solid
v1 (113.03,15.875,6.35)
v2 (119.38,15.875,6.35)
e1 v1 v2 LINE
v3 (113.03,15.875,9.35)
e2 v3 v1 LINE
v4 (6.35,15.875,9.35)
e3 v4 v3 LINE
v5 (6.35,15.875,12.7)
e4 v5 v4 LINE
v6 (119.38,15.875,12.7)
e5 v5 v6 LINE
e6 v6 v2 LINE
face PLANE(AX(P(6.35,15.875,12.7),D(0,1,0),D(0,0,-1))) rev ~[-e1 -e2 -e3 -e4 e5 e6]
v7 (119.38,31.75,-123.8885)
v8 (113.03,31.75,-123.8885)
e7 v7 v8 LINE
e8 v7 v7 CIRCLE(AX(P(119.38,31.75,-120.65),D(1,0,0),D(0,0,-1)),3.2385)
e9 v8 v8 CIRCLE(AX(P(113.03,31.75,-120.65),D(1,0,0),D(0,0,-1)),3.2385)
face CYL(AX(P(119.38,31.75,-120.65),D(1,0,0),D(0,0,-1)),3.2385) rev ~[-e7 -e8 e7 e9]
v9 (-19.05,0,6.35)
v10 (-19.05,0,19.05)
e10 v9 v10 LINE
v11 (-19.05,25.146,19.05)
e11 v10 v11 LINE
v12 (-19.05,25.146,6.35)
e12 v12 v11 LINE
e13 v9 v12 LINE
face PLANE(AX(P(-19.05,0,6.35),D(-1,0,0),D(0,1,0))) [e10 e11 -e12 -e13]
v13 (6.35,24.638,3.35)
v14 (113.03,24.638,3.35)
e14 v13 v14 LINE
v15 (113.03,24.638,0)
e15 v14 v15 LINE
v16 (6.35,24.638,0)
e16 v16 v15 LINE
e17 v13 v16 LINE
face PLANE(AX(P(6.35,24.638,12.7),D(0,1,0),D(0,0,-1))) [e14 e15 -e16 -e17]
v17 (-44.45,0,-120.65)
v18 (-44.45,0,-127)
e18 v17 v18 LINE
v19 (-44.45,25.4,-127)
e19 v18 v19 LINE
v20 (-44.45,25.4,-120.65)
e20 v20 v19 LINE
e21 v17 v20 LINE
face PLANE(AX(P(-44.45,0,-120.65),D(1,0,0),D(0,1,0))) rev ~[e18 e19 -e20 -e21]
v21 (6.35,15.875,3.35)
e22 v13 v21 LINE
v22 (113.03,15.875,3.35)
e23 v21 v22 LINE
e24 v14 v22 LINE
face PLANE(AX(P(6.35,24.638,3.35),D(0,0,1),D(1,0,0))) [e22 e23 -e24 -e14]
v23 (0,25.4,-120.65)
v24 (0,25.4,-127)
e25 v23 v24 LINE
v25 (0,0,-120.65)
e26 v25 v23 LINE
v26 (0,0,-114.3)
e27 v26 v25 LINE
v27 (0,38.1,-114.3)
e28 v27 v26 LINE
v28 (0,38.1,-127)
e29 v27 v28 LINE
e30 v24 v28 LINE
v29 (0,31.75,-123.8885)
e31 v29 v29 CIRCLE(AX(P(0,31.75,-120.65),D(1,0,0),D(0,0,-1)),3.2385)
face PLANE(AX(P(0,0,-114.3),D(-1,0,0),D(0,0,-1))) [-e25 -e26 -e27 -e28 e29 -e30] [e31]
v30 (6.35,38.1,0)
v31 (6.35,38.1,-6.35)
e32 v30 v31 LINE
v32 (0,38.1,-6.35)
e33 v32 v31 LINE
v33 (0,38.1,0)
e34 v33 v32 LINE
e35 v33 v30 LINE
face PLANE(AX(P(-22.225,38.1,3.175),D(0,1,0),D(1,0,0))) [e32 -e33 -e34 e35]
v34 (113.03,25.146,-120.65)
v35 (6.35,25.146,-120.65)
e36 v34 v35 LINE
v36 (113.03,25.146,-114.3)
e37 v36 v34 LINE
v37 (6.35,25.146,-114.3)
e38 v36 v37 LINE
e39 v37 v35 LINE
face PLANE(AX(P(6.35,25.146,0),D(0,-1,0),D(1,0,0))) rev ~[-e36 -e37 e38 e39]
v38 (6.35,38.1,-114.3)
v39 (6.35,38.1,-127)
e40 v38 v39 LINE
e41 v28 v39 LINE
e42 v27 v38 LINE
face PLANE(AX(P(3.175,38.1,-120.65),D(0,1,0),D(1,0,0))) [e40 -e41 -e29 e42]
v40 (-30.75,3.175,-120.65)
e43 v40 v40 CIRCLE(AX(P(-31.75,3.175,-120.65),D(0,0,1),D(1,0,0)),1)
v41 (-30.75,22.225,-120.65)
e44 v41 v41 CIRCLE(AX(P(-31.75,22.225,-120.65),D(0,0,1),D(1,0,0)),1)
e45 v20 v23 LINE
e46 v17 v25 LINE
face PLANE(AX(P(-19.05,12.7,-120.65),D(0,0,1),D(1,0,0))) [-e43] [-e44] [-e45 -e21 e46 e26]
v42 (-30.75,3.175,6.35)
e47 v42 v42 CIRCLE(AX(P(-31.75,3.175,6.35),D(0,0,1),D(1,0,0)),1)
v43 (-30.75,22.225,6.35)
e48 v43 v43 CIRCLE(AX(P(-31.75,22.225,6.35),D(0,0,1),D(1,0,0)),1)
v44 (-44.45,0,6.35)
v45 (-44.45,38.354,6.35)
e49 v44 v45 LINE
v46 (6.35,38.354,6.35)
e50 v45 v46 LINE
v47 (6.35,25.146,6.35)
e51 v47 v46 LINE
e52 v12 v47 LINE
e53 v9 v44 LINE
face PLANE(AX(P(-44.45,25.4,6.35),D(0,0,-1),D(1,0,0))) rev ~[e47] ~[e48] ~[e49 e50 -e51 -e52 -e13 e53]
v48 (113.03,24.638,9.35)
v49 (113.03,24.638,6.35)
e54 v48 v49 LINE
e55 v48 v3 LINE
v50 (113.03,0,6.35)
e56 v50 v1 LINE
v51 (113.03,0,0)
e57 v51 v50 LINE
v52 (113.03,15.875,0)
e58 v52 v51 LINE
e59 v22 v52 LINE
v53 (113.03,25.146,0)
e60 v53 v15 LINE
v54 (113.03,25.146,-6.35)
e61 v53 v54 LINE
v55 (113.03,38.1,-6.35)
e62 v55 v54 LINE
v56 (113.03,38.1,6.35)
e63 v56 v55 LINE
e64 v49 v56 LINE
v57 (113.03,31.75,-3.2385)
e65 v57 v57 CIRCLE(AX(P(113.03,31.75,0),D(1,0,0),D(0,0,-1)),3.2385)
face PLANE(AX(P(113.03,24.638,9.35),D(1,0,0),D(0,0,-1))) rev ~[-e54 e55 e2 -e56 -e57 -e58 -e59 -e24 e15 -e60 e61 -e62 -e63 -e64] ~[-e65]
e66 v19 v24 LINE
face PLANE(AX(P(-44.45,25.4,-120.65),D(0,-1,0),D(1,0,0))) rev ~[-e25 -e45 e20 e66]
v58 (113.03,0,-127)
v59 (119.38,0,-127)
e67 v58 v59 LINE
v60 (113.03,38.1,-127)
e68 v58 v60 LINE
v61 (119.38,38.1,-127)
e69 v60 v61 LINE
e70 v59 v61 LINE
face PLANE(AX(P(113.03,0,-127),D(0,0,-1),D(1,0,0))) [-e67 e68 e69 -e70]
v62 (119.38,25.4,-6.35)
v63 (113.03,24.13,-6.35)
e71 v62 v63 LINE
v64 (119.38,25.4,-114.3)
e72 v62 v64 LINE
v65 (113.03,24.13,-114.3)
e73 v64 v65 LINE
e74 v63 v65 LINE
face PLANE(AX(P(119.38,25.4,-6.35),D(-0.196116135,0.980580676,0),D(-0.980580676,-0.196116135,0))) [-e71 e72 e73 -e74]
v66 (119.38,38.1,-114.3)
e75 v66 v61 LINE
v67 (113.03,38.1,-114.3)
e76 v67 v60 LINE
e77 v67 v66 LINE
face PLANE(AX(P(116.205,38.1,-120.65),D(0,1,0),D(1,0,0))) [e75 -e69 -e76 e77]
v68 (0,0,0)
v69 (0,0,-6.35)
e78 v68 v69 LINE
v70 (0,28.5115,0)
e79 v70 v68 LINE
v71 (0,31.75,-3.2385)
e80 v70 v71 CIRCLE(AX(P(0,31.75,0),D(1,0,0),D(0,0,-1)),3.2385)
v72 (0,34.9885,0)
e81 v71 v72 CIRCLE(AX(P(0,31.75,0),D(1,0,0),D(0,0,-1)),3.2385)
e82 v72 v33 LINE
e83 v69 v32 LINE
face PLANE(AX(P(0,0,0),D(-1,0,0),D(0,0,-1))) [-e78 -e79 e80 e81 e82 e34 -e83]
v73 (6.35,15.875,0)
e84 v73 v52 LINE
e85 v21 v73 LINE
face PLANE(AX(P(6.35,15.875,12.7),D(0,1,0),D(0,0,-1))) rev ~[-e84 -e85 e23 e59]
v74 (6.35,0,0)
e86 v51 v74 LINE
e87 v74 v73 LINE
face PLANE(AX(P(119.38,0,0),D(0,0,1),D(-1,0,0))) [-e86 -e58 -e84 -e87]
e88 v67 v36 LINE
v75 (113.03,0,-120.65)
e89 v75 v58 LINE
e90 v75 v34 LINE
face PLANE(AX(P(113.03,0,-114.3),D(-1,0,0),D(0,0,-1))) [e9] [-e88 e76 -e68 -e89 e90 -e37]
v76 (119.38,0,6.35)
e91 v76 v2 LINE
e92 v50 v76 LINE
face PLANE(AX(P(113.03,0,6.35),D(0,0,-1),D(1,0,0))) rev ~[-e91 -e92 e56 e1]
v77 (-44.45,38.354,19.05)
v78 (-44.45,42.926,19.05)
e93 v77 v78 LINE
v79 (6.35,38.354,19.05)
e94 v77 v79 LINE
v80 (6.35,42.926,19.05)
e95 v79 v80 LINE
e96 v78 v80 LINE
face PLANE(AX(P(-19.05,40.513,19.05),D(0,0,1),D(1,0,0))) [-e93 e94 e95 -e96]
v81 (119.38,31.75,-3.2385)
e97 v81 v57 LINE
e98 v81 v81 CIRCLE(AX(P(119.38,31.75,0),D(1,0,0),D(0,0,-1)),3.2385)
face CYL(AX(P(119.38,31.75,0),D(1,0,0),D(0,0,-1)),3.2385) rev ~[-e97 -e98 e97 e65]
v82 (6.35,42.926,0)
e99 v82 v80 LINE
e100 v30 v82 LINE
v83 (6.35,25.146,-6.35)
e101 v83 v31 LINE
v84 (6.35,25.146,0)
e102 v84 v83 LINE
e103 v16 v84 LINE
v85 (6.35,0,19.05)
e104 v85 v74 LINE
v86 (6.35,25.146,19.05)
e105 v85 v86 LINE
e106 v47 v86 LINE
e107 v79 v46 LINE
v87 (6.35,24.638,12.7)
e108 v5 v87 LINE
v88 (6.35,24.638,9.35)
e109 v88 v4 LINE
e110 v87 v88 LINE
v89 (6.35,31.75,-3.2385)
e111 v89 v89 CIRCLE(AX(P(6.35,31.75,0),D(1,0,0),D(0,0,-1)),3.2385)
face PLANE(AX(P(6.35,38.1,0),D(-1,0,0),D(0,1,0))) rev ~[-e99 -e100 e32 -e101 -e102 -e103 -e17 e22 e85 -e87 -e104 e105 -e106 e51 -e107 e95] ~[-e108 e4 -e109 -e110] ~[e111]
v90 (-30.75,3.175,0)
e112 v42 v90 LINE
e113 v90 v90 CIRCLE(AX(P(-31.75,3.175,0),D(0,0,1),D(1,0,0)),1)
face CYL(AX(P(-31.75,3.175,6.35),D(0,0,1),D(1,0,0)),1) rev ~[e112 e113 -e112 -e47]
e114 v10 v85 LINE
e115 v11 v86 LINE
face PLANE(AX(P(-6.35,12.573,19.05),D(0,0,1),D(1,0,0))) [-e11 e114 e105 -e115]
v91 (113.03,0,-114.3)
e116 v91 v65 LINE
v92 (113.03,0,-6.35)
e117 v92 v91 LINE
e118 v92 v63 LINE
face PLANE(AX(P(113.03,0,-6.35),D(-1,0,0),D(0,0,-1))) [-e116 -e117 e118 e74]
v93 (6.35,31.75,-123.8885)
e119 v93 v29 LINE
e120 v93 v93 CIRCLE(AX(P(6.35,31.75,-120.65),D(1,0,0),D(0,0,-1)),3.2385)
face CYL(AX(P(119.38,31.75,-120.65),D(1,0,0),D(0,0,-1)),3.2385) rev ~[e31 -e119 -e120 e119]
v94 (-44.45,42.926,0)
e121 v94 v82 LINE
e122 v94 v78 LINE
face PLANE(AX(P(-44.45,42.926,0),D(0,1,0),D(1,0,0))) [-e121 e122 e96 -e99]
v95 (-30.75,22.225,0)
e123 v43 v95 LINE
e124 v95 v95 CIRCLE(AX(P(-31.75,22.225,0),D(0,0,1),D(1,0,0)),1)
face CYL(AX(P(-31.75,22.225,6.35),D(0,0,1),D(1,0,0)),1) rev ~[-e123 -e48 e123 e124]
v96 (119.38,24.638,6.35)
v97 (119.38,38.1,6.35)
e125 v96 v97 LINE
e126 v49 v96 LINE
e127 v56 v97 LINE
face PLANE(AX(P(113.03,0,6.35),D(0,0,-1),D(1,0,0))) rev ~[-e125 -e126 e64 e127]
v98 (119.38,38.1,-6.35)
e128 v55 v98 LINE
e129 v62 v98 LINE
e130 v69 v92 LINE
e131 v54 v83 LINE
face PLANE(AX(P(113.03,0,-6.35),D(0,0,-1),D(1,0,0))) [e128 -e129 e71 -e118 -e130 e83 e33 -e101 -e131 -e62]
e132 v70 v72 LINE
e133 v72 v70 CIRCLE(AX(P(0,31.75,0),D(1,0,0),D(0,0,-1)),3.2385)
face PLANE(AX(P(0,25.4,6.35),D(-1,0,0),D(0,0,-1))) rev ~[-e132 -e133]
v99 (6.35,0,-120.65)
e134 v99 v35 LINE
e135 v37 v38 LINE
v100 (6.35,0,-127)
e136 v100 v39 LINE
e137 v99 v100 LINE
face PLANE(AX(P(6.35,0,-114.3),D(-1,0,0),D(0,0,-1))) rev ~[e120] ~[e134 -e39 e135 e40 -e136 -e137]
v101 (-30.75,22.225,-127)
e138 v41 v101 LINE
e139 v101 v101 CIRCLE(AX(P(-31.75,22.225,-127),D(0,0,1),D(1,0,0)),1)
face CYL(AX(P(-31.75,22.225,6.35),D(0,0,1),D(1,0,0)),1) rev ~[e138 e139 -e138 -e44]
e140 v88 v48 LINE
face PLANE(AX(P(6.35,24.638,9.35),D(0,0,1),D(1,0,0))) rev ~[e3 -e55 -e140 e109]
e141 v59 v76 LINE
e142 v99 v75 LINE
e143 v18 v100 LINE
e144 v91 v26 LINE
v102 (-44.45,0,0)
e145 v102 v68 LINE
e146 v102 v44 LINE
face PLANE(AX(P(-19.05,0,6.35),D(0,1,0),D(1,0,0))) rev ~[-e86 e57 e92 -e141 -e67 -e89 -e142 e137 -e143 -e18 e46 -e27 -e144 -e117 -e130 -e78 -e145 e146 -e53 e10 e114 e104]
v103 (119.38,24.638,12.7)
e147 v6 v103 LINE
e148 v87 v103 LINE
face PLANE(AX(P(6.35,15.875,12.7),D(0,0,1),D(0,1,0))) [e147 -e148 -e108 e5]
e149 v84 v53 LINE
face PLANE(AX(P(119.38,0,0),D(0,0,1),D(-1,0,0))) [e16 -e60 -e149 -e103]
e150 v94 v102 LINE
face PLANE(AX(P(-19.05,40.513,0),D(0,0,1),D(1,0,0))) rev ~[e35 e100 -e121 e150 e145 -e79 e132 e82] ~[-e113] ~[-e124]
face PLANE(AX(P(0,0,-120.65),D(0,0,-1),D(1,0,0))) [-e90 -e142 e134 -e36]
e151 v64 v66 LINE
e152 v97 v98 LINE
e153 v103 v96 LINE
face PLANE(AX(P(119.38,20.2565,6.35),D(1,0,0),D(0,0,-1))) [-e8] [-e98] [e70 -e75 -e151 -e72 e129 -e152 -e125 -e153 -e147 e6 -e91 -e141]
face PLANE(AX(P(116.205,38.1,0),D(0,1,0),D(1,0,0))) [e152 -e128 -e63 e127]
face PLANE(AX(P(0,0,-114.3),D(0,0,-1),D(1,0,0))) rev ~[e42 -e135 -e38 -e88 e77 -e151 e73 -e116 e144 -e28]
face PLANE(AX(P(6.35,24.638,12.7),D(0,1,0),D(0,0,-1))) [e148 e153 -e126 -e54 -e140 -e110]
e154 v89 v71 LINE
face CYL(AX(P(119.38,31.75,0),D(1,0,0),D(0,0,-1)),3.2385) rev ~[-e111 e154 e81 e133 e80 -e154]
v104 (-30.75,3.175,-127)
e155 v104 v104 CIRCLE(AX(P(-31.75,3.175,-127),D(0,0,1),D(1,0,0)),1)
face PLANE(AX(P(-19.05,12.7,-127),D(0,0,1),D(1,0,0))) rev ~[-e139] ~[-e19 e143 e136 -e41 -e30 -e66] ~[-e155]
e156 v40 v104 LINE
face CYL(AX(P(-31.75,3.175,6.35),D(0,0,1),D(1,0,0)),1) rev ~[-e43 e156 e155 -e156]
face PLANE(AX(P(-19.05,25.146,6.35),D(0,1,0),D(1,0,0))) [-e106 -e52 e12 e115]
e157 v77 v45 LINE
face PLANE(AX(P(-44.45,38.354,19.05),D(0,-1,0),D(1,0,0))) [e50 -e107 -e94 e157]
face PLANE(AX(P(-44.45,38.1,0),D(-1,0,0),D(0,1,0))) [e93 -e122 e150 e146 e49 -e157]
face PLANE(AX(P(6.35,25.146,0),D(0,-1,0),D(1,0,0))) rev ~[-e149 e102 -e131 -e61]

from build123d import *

# Parameters (mm, degrees)
BOSS_EXTRUDE1_DEPTH     = 25.4
CUT_EXTRUDE1_START      = -6.35
CUT_EXTRUDE1_DEPTH      = 107.95
SKETCH3_W               = 50.8
SKETCH3_H               = 25.4
BOSS_EXTRUDE2_DEPTH     = 6.35
BOSS_EXTRUDE3_START     = -120.65
SKETCH3_2_W             = 50.8
SKETCH3_2_H             = 25.4
BOSS_EXTRUDE3_DEPTH     = 6.35
BOSS_EXTRUDE4_START     = -25.4
SKETCH8_W               = 6.35
SKETCH8_H               = 12.7
BOSS_EXTRUDE4_DEPTH     = 38.1
SKETCH9_R               = 3.2385
CUT_EXTRUDE2_DEPTH      = 1
CUT_EXTRUDE2_DEPTH_BACK = 164.83
SKETCH10_R              = 1.000000032
CUT_EXTRUDE3_DEPTH      = 134.35
SKETCH11_W              = 25.4
SKETCH11_H              = 25.146
BOSS_EXTRUDE5_DEPTH     = 12.7
SKETCH13_W              = 44.45
SKETCH13_H              = 6.35
BOSS_EXTRUDE6_DEPTH     = 12.7
BOSS_EXTRUDE7_START     = -6.35
SKETCH15_W              = 50.8
SKETCH15_H              = 4.826
BOSS_EXTRUDE7_DEPTH     = 19.05
SKETCH17_W              = 50.8
SKETCH17_H              = 0.254
CUT_EXTRUDE4_DEPTH      = 12.7
SKETCH19_W              = 12.7
SKETCH19_H              = 8.763
BOSS_EXTRUDE8_DEPTH     = 113.03
SKETCH20_W              = 106.68
SKETCH20_H              = 0.254
CUT_EXTRUDE5_DEPTH      = 128
SKETCH22_W              = 106.68
SKETCH22_H              = 5.999999938
CUT_EXTRUDE6_DEPTH      = 25.638


with BuildPart() as part:
    # Sketch1 → Boss-Extrude1 (new body)
    with BuildSketch(Plane(origin=(0, 0, 0), x_dir=(1, 0, 0), z_dir=(0, 1, 0))):
        Polygon((3.175, 114.3), (0, 114.3), (0, 120.65), (119.38, 120.65), (119.38, 0), (0, 0), (0, 6.35), (3.175, 6.35), (113.03, 6.35), (113.03, 114.3), align=None)
    extrude(amount=BOSS_EXTRUDE1_DEPTH)

    # Sketch2 → Cut-Extrude1 (cut)
    with BuildSketch(Plane.XY.offset(CUT_EXTRUDE1_START)):
        Polygon((119.38, 25.4), (113.03, 24.13), (113.03, 25.4), align=None)
    extrude(amount=-CUT_EXTRUDE1_DEPTH, mode=Mode.SUBTRACT)

    # Sketch3 → Boss-Extrude2 (add)
    with BuildSketch(Plane.XY):
        with Locations((-19.05, 12.7)):
            Rectangle(SKETCH3_W, SKETCH3_H)
    extrude(amount=BOSS_EXTRUDE2_DEPTH)

    # Sketch3<2> → Boss-Extrude3 (add)
    with BuildSketch(Plane.XY.offset(BOSS_EXTRUDE3_START)):
        with Locations((-19.05, 12.7)):
            Rectangle(SKETCH3_2_W, SKETCH3_2_H)
    extrude(amount=-BOSS_EXTRUDE3_DEPTH)

    # Sketch8 → Boss-Extrude4 (add)
    with BuildSketch(Plane(origin=(0, 25.4, 0), x_dir=(1, 0, 0), z_dir=(0, 1, 0)).offset(BOSS_EXTRUDE4_START)):
        with Locations((116.205, 0)):
            Rectangle(SKETCH8_W, SKETCH8_H)
        with Locations((3.175, 0)):
            Rectangle(SKETCH8_W, SKETCH8_H)
        with Locations((3.175, 120.65)):
            Rectangle(SKETCH8_W, SKETCH8_H)
        with Locations((116.205, 120.65)):
            Rectangle(SKETCH8_W, SKETCH8_H)
    extrude(amount=BOSS_EXTRUDE4_DEPTH)

    # Sketch9 → Cut-Extrude2 (cut, two sides)
    with BuildSketch(Plane(origin=(119.38, 0, 0), x_dir=(0, 0, -1), z_dir=(1, 0, 0))) as cut_extrude2_sk:
        with Locations((0, 31.75)):
            Circle(SKETCH9_R)
        with Locations((120.65, 31.75)):
            Circle(SKETCH9_R)
    extrude(amount=CUT_EXTRUDE2_DEPTH, mode=Mode.SUBTRACT)
    extrude(cut_extrude2_sk.sketch, amount=-CUT_EXTRUDE2_DEPTH_BACK, mode=Mode.SUBTRACT)

    # Sketch10 → Cut-Extrude3 (cut, through all)
    with BuildSketch(Plane.XY.offset(6.35)):
        with Locations((-31.75, 22.225)):
            Circle(SKETCH10_R)
        with Locations((-31.75, 3.175)):
            Circle(SKETCH10_R)
    extrude(amount=-CUT_EXTRUDE3_DEPTH, mode=Mode.SUBTRACT)

    # Sketch11 → Boss-Extrude5 (add)
    with BuildSketch(Plane.XY.offset(6.35)):
        with Locations((-6.35, 12.573)):
            Rectangle(SKETCH11_W, SKETCH11_H)
    extrude(amount=BOSS_EXTRUDE5_DEPTH)

    # Sketch13 → Boss-Extrude6 (add)
    with BuildSketch(Plane(origin=(0, 25.4, 0), x_dir=(1, 0, 0), z_dir=(0, 1, 0))):
        with Locations((-22.225, -3.175)):
            Rectangle(SKETCH13_W, SKETCH13_H)
    extrude(amount=BOSS_EXTRUDE6_DEPTH)

    # Sketch15 → Boss-Extrude7 (add)
    with BuildSketch(Plane.XY.offset(6.35).offset(BOSS_EXTRUDE7_START)):
        with Locations((-19.05, 40.513)):
            Rectangle(SKETCH15_W, SKETCH15_H)
    extrude(amount=BOSS_EXTRUDE7_DEPTH)

    # Sketch17 → Cut-Extrude4 (cut)
    with BuildSketch(Plane.XY.offset(19.05)):
        with Locations((-19.05, 38.227)):
            Rectangle(SKETCH17_W, SKETCH17_H)
    extrude(amount=-CUT_EXTRUDE4_DEPTH, mode=Mode.SUBTRACT)

    # Sketch19 → Boss-Extrude8 (add)
    with BuildSketch(Plane(origin=(6.35, 0, 0), x_dir=(0, 0, -1), z_dir=(1, 0, 0))):
        with Locations((-6.35, 20.2565)):
            Rectangle(SKETCH19_W, SKETCH19_H)
    extrude(amount=BOSS_EXTRUDE8_DEPTH)

    # Sketch20 → Cut-Extrude5 (cut, through all)
    with BuildSketch(Plane.XY):
        with Locations((59.69, 25.273)):
            Rectangle(SKETCH20_W, SKETCH20_H)
    extrude(amount=-CUT_EXTRUDE5_DEPTH, mode=Mode.SUBTRACT)

    # Sketch22 → Cut-Extrude6 (cut, through all)
    with BuildSketch(Plane(origin=(0, 24.638, 0), x_dir=(1, 0, 0), z_dir=(0, 1, 0))):
        with Locations((59.69, -6.35)):
            Rectangle(SKETCH22_W, SKETCH22_H)
    extrude(amount=-CUT_EXTRUDE6_DEPTH, mode=Mode.SUBTRACT)


solid = part.part
